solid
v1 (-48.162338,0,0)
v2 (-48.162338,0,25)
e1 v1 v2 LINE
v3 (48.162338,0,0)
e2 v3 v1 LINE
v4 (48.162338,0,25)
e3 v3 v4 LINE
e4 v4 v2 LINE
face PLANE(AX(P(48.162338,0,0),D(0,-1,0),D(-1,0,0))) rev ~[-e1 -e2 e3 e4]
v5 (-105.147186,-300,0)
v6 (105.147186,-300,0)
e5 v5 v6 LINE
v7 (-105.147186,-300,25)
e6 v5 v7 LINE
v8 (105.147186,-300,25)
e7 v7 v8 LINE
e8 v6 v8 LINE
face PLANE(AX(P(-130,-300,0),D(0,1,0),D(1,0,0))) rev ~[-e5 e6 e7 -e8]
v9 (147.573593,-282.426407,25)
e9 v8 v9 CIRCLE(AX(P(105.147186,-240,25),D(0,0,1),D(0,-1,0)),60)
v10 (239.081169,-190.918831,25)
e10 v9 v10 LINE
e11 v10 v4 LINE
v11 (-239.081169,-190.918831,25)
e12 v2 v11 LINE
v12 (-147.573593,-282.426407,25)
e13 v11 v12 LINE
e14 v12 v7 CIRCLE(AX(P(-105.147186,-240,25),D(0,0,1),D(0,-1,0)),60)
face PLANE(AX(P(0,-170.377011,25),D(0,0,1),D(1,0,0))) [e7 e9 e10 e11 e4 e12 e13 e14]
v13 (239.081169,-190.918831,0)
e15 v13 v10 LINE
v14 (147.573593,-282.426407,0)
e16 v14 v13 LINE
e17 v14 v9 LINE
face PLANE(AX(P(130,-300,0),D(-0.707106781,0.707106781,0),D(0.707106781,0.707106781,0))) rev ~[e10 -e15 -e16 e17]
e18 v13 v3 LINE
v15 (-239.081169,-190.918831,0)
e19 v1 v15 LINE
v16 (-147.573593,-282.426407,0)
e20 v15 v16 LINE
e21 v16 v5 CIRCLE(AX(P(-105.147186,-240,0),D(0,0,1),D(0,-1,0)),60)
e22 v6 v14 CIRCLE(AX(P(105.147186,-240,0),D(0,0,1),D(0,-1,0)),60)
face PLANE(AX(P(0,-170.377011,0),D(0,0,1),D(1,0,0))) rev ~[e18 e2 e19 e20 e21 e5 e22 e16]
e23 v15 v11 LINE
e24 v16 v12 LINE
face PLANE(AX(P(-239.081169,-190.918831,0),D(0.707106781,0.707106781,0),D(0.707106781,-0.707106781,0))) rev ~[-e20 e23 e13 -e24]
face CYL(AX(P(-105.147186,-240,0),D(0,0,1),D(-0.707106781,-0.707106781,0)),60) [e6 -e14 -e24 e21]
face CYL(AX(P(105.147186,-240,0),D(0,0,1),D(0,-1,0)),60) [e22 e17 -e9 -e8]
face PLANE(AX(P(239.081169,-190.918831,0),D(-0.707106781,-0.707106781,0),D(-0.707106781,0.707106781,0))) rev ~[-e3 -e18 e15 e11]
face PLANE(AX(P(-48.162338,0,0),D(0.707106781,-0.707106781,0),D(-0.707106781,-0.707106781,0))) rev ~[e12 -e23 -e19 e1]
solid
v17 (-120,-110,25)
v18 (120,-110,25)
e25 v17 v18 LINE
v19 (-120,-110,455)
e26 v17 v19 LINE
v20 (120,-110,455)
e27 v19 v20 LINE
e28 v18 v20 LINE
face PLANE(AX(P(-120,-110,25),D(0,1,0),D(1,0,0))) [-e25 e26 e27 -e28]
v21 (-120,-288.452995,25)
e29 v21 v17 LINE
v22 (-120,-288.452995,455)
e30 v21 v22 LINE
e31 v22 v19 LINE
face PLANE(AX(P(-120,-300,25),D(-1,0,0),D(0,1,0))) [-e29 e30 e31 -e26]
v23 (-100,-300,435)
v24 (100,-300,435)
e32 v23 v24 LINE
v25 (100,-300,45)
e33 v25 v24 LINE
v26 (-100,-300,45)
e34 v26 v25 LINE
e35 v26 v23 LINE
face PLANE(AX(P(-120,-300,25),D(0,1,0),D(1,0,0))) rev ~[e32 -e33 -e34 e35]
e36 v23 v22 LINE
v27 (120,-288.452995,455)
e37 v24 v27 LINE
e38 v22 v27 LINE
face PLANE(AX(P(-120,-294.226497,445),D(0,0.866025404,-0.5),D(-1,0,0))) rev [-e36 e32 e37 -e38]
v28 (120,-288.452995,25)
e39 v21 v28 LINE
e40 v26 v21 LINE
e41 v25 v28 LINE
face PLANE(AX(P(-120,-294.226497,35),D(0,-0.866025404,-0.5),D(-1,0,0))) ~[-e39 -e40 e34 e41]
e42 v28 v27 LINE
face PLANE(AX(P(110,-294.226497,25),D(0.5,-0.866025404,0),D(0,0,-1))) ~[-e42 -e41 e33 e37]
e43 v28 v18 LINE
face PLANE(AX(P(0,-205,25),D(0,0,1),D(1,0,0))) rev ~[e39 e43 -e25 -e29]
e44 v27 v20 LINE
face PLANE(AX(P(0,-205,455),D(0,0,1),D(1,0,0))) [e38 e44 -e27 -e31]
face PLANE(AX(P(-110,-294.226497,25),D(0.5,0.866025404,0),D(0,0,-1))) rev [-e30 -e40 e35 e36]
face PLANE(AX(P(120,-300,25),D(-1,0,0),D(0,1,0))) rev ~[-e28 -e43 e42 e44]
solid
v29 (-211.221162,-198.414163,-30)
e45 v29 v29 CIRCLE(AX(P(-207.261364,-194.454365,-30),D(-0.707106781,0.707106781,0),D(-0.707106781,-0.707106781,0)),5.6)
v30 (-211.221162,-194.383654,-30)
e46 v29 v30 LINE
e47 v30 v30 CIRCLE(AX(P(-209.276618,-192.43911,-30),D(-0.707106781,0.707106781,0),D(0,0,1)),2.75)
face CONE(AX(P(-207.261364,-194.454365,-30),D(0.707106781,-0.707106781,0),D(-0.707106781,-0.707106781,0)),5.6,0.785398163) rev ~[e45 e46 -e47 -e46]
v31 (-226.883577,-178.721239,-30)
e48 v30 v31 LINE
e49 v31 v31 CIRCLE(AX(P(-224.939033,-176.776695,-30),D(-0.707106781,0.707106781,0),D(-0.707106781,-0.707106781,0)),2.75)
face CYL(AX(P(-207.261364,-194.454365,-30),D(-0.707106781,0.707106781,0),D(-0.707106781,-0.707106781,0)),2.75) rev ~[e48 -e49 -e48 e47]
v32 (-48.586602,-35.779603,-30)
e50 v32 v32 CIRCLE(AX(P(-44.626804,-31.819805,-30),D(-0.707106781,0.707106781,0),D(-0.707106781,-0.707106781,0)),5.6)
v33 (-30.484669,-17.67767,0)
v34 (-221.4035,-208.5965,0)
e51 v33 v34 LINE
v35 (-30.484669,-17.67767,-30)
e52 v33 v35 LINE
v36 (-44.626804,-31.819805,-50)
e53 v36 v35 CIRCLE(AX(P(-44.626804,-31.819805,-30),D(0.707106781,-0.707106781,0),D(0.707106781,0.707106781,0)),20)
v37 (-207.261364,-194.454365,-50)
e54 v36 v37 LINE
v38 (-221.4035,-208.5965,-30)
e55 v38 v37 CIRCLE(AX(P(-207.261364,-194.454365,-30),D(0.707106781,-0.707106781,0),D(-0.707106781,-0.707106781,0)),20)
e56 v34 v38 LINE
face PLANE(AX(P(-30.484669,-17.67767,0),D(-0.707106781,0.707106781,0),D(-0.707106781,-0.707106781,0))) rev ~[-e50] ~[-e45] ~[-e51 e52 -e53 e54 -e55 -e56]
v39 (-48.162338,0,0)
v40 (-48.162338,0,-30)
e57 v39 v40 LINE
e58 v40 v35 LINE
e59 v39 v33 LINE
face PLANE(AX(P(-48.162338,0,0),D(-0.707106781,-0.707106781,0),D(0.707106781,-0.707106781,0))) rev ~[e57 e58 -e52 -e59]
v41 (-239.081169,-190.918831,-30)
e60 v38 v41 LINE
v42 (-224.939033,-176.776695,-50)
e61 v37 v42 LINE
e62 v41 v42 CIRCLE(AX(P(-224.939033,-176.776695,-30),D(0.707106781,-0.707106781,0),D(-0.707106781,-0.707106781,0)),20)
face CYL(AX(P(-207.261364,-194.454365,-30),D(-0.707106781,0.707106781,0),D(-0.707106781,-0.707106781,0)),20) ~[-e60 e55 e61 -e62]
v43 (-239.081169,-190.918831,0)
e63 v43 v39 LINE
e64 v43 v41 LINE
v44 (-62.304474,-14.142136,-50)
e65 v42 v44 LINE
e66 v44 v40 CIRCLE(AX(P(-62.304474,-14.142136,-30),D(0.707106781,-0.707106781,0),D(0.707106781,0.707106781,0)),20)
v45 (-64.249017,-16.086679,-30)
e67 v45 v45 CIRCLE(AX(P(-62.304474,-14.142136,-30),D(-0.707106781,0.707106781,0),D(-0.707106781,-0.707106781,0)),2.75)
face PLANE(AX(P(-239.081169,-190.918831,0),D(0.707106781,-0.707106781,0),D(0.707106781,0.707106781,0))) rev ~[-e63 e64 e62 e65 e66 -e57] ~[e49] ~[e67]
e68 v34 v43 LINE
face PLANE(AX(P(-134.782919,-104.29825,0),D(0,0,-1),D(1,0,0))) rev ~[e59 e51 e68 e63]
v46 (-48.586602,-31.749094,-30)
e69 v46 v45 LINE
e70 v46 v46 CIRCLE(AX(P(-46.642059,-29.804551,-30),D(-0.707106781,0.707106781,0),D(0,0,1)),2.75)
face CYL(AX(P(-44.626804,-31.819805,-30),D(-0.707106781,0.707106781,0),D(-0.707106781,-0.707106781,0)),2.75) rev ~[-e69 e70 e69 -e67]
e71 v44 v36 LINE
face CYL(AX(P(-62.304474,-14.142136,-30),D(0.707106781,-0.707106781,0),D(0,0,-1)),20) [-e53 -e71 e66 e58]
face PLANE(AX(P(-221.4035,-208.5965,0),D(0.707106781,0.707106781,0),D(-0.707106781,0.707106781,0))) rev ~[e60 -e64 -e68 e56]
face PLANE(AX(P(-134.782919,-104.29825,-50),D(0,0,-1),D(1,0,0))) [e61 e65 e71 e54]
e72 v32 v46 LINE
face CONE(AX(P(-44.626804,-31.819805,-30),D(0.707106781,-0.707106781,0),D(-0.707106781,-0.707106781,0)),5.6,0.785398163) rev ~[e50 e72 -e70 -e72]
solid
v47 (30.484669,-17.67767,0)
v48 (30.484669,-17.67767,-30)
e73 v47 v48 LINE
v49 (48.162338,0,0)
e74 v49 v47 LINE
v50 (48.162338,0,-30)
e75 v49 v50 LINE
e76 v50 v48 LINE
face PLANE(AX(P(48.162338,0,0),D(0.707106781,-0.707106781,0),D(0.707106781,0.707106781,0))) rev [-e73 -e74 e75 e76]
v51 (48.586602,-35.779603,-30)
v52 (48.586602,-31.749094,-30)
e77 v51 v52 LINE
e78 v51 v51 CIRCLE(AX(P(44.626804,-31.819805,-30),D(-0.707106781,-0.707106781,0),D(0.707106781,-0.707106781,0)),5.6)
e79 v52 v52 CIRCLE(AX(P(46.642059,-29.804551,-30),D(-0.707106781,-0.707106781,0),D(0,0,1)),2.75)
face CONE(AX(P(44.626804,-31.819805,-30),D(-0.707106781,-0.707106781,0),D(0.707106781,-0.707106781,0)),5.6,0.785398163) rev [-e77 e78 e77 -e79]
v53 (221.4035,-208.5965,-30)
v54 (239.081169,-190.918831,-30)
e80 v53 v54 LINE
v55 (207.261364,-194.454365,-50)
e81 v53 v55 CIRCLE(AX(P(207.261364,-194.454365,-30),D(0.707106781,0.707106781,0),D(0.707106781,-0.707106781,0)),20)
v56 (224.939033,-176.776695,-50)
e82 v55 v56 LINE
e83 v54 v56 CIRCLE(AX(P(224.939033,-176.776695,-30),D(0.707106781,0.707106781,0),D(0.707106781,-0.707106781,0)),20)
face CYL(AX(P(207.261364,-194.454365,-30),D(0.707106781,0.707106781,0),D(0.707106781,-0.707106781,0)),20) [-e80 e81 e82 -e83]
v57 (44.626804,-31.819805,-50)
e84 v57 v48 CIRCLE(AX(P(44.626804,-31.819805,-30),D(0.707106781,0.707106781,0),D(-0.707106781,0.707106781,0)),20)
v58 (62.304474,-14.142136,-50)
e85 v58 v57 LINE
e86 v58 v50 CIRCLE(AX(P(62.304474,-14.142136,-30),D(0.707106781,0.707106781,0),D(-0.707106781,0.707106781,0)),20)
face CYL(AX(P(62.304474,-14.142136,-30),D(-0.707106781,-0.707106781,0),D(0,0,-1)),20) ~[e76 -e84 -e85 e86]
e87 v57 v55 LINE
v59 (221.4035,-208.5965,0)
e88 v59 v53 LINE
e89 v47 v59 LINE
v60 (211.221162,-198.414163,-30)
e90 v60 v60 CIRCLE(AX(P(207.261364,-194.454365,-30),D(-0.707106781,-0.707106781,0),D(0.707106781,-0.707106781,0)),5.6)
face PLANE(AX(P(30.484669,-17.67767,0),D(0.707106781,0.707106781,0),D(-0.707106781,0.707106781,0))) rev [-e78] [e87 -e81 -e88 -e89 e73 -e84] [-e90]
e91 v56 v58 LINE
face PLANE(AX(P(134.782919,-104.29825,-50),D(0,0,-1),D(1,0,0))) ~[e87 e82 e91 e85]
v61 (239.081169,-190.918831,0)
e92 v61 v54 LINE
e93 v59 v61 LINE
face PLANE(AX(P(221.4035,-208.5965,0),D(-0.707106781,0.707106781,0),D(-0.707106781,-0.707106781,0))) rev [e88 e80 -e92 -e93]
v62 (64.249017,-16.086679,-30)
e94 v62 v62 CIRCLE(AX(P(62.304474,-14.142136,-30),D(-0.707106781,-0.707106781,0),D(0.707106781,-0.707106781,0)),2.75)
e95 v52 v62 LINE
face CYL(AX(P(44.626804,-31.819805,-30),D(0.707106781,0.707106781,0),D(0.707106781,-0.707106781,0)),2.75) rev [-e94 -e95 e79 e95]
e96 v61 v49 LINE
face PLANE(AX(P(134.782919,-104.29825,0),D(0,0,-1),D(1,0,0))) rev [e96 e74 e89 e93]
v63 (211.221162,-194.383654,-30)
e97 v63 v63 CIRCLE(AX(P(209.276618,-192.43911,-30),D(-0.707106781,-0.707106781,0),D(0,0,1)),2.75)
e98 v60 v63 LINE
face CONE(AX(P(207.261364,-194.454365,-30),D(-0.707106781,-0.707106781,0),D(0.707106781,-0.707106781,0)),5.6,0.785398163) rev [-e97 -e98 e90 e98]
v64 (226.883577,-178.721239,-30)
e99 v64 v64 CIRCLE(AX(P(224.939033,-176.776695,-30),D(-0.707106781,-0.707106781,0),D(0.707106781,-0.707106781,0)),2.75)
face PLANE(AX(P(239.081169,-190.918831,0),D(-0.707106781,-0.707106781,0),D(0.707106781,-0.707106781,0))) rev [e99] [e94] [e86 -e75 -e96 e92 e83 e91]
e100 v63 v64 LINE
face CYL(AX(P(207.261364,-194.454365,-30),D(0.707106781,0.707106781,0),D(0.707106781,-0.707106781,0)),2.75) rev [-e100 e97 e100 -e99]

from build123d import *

# Parameters (mm, degrees)
F1_DEPTH       = 25
F3_DEPTH       = 50
F5_D           = 5.5
F5_CSINK_D     = 11.2
F5_CSINK_ANGLE = 90
F6_R           = 20
F8_W           = 240
F8_H           = 190
F9_DEPTH       = 430
F10_SIZE2      = 11.5470053838
F10_SIZE       = 20
F11_R          = 60


with BuildPart() as f1:
    # F0 (on Top) → F1 (new body)
    with BuildSketch(Plane.XY):
        Polygon((48.1623381593, 0), (-48.1623381593, 0), (-239.0811690796, -190.9188309204), (-130, -300), (130, -300), (239.0811690796, -190.9188309204), align=None)
    extrude(amount=F1_DEPTH)

    # F11
    f11_edges = [f1.edges().sort_by_distance(p)[0] for p in [
        (130, -300, 12.5),
        (-130, -300, 12.5),
    ]]
    fillet(f11_edges, radius=F11_R)


with BuildPart() as f3:
    # F2 (on face) → F3 (new body)
    with BuildSketch(Plane(origin=(0, 0, 0), x_dir=(1, 0, 0), z_dir=(0, 0, -1))):
        Polygon((-221.40349955, 208.59650045), (-239.0811690796, 190.9188309204), (-48.1623381593, 0), (-30.4846686296, 17.6776695297), align=None)
    extrude(amount=F3_DEPTH)

    # F5 (through all)
    with Locations(Plane(origin=(-6.40349955, 6.40349955, 0), x_dir=(0.7071067812, 0.7071067812, 0), z_dir=(0.7071067812, -0.7071067812, 0))):
        with Locations((-284.0559159102, -30), (-54.0559159102, -30)):
            CounterSinkHole(F5_D / 2, F5_CSINK_D / 2, counter_sink_angle=F5_CSINK_ANGLE)

    # F6
    f6_edges = [f3.edges().sort_by_distance(p)[0] for p in [
        (-230.242334, -199.757666, -50),
        (-39.323503, -8.838835, -50),
    ]]
    fillet(f6_edges, radius=F6_R)


with BuildPart() as f7_1:
    # F7: instance of F3
    add(f3.part.mirror(Plane.YZ))


with BuildPart() as f9:
    # F8 (on face) → F9 (new body)
    with BuildSketch(Plane.XY.offset(25)):
        with Locations((0, -205)):
            Rectangle(F8_W, F8_H)
    extrude(amount=F9_DEPTH)

    # F10
    f10_edges = [f9.edges().sort_by_distance(p)[0] for p in [
        (-120, -300, 240),
        (120, -300, 240),
        (0, -300, 25),
        (0, -300, 455),
    ]]
    f10_side = f9.faces().sort_by_distance((0, -300, 240))[0]
    chamfer(f10_edges, length=F10_SIZE, length2=F10_SIZE2, reference=f10_side)


solid = Compound([f1.part, f3.part, f7_1.part, f9.part])
